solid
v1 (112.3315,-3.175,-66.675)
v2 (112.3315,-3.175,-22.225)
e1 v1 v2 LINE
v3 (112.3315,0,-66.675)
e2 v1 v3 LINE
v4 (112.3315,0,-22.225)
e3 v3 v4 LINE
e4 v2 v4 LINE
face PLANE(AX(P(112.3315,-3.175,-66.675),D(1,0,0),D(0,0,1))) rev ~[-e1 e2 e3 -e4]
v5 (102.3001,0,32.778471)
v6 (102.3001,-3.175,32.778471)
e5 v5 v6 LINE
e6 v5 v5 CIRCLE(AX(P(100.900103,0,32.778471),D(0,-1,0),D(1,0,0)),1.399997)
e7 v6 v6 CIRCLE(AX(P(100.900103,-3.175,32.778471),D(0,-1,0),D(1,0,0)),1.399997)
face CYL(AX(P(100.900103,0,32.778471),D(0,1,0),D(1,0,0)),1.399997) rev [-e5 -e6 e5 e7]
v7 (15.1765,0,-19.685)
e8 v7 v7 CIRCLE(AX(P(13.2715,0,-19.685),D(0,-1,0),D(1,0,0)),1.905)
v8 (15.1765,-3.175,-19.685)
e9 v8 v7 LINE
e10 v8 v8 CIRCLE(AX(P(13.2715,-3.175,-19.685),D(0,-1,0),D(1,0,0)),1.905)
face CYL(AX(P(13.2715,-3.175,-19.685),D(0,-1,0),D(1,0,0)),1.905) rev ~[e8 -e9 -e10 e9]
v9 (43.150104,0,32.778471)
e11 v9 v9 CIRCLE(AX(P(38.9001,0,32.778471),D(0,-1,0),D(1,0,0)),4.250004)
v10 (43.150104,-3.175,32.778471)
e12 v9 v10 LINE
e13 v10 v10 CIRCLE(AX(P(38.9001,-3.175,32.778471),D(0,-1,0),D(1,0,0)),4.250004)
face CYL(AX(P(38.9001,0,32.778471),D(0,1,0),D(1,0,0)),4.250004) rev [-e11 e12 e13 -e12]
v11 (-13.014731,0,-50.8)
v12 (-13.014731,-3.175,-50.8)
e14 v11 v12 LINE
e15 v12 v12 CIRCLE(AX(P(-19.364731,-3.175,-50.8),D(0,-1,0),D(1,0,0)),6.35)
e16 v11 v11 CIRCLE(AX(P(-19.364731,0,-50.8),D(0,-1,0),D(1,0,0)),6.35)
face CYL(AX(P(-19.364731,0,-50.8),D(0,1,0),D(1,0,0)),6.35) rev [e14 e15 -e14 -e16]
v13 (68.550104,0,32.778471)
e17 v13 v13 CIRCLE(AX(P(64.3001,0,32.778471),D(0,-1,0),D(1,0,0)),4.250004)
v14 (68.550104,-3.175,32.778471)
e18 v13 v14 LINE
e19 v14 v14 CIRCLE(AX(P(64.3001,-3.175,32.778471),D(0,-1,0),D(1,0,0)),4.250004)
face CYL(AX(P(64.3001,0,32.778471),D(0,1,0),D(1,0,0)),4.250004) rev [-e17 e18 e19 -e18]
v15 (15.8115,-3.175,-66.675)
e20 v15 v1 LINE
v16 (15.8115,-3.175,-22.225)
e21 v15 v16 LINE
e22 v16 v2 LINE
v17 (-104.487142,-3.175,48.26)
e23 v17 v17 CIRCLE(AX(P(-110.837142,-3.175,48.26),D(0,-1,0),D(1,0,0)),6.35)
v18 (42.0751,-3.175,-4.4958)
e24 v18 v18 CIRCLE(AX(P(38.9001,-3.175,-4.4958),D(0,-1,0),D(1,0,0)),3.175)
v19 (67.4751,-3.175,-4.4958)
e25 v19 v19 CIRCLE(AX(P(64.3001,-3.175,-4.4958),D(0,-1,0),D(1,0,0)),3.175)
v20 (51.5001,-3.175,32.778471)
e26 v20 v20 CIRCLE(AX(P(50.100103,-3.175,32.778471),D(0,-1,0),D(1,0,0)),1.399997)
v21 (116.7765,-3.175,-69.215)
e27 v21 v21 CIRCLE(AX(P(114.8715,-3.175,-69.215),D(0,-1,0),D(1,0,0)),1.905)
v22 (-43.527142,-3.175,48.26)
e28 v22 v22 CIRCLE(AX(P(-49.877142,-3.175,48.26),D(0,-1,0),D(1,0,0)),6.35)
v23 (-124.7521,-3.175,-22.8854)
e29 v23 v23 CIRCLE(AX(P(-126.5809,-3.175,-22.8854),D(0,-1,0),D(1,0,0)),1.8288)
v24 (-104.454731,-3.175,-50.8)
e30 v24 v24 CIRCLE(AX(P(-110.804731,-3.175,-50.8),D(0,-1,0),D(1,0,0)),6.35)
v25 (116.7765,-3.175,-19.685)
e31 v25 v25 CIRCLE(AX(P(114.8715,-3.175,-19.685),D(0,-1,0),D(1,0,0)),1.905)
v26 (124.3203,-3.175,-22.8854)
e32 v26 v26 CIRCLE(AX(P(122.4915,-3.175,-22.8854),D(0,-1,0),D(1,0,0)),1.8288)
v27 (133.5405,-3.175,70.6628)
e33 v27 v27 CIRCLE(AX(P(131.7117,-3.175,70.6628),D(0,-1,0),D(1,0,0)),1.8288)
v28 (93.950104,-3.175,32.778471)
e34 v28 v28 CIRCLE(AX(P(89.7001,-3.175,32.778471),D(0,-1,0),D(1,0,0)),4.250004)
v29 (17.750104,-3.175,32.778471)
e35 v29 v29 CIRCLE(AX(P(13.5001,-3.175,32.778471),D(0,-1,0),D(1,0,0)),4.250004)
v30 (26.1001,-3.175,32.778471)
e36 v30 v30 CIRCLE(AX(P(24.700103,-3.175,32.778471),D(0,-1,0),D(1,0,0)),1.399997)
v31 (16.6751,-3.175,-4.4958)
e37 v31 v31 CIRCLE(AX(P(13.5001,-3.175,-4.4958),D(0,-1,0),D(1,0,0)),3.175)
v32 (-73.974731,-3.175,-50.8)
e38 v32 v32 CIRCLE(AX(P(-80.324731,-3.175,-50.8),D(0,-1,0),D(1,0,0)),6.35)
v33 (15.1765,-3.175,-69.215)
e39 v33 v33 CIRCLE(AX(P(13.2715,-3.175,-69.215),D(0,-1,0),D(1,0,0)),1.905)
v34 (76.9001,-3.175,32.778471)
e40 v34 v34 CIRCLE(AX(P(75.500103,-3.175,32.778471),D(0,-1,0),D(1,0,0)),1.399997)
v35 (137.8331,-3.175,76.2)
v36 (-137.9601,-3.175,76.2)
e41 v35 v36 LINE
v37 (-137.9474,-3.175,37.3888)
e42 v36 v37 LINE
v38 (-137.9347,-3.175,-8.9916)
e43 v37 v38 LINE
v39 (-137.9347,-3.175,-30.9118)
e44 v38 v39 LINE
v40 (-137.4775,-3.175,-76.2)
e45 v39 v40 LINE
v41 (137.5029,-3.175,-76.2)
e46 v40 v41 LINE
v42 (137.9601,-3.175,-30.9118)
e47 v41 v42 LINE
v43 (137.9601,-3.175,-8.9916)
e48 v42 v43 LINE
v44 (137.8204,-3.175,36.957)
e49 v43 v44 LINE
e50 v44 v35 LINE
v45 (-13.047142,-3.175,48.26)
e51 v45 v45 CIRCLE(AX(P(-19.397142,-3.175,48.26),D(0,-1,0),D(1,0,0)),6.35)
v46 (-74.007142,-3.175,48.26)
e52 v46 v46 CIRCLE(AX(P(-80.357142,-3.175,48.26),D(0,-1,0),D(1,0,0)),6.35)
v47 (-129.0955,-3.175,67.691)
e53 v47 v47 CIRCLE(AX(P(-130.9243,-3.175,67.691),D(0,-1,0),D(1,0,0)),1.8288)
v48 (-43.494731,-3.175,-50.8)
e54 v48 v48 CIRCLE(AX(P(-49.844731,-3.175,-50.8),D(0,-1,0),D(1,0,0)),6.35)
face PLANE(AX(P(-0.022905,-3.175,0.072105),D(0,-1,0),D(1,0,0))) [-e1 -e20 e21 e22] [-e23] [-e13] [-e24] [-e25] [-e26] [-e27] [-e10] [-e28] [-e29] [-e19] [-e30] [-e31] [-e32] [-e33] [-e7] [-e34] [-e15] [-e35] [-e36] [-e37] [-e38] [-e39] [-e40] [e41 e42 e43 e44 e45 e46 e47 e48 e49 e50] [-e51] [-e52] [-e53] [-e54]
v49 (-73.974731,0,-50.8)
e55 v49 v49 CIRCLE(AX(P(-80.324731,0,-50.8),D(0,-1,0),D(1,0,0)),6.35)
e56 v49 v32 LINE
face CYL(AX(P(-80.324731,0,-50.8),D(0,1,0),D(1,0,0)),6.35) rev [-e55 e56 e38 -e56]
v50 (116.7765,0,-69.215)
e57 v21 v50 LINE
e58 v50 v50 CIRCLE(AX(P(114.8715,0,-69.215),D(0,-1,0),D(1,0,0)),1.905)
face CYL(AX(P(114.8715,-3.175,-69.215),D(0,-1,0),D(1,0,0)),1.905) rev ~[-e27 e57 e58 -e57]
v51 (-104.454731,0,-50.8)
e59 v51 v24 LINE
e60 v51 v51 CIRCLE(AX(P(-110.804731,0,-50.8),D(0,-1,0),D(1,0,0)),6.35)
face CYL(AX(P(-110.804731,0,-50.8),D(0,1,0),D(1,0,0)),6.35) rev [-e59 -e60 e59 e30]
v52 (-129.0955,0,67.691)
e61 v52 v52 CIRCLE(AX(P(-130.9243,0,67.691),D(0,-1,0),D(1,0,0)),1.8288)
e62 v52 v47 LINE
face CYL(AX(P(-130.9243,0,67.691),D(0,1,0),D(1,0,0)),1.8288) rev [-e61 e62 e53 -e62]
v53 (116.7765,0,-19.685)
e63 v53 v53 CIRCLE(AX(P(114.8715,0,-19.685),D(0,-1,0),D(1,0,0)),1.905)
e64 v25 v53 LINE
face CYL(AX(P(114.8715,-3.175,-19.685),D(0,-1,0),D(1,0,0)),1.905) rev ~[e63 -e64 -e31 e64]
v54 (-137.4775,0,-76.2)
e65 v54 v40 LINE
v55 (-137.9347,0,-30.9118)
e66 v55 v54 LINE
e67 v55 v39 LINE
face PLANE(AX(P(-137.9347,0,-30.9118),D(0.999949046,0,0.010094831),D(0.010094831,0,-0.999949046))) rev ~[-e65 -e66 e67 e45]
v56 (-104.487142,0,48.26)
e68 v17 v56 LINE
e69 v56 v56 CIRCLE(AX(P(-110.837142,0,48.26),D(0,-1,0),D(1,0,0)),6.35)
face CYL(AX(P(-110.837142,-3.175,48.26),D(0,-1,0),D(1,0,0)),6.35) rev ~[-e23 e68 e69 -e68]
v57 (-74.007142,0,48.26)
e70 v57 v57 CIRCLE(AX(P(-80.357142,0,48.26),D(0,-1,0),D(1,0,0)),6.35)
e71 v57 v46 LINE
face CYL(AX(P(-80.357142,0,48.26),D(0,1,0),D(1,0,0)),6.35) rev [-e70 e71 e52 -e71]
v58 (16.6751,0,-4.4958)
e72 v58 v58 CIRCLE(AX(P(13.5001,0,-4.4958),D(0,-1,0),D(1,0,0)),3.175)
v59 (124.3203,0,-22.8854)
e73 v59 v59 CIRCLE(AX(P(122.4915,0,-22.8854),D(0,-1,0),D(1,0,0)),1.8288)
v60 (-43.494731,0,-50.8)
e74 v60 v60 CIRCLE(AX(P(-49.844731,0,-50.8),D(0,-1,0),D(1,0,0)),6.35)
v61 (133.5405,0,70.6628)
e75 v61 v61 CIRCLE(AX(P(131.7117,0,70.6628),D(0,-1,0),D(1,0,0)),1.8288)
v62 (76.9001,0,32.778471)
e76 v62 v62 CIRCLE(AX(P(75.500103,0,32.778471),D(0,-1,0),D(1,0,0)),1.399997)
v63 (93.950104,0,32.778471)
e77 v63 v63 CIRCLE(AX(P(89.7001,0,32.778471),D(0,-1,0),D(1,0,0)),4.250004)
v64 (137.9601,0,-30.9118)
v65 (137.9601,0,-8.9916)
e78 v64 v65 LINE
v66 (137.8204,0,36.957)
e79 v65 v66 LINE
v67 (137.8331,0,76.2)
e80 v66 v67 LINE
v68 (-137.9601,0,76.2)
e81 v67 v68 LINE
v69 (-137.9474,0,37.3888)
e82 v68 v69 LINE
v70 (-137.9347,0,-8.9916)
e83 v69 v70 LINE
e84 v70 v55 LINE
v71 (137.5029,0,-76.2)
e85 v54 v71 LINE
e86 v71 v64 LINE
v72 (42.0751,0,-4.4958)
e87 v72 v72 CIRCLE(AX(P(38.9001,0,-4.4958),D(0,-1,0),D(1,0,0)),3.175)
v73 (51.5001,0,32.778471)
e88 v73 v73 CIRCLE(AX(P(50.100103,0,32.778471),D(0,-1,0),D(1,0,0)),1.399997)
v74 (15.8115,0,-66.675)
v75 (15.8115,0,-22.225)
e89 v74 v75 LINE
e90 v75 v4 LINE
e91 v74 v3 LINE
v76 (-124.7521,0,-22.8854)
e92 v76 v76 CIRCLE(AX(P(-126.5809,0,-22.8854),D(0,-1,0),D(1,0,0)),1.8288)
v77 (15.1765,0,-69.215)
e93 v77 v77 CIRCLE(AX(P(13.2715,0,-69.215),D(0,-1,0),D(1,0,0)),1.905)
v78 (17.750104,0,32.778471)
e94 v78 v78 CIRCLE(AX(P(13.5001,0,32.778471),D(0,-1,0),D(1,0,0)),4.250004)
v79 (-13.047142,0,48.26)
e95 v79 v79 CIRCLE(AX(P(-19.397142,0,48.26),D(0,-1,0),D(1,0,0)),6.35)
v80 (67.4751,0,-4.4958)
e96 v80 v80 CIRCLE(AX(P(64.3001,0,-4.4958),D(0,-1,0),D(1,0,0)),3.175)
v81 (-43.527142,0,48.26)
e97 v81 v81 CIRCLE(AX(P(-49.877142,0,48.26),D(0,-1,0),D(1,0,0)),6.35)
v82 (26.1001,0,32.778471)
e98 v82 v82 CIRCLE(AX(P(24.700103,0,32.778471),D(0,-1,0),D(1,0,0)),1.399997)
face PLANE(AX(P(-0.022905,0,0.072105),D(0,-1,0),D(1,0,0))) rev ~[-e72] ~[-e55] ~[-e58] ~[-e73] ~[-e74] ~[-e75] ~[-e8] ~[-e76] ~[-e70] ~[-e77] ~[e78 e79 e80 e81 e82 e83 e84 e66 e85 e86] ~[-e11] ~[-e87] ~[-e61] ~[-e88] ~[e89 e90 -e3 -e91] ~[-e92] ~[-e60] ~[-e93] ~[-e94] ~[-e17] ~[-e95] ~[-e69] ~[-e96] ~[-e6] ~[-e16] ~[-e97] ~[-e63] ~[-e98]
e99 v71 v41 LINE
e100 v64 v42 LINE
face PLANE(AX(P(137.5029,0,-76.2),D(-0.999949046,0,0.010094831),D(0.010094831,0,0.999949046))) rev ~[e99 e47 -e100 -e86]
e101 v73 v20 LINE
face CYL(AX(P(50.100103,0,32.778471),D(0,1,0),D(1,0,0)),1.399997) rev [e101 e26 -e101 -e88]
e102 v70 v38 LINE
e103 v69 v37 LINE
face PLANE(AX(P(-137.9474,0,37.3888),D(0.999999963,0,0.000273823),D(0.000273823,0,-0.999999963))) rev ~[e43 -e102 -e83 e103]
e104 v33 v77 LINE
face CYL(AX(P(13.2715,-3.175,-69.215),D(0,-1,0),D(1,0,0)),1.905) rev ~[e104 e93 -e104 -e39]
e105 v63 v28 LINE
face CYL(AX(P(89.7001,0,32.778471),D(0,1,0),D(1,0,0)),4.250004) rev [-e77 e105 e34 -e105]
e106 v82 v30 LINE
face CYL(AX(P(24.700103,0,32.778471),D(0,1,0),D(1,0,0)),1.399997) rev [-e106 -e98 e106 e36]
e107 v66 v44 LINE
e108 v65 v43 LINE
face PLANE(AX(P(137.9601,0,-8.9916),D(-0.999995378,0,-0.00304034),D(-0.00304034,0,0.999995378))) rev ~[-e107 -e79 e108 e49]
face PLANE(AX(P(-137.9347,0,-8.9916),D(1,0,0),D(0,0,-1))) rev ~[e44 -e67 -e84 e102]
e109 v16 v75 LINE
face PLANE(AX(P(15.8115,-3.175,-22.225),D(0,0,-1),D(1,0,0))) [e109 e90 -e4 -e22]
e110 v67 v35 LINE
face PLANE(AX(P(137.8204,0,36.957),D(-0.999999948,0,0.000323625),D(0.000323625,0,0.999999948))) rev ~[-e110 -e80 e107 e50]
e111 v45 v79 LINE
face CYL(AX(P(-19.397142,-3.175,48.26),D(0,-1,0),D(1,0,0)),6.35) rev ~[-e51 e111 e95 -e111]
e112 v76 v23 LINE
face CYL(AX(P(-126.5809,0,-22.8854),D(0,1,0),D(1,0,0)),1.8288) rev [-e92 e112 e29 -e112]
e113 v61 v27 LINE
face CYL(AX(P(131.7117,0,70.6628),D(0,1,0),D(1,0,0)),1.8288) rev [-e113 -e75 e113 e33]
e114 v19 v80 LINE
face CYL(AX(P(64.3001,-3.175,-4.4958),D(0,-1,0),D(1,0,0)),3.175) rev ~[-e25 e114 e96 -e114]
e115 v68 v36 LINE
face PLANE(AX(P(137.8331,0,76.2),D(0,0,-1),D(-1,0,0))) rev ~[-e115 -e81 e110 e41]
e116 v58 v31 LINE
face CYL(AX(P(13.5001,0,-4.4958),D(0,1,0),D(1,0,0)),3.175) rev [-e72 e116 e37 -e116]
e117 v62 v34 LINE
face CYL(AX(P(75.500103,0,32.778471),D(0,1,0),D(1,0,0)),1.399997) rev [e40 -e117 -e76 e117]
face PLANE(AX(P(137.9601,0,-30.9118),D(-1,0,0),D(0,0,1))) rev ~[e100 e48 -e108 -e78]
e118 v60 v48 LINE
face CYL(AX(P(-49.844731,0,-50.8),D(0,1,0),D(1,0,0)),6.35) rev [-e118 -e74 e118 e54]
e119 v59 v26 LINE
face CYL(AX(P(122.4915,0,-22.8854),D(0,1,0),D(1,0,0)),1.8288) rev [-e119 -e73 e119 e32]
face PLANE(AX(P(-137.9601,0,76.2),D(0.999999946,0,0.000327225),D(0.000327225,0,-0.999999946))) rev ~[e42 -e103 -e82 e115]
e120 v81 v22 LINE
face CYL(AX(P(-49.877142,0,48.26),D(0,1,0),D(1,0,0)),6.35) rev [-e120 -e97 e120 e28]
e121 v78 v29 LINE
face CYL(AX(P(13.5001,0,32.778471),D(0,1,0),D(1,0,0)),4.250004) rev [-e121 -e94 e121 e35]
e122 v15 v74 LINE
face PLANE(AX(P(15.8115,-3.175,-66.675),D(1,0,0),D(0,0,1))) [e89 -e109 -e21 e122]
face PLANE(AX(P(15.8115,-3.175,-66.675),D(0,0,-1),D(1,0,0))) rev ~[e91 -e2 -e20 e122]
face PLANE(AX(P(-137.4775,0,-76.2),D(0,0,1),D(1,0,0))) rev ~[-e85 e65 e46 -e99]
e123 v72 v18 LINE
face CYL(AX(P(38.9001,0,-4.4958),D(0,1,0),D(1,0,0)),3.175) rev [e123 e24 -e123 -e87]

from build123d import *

# Parameters (mm, degrees)
F0_R     = 6.35
F0_R_2   = 1.8288
F0_R_3   = 3.175
F0_R_4   = 4.250004
F0_R_5   = 1.399997
F1_DEPTH = 3.175
F2_R     = 6.35
F2_R_2   = 3.175
F2_W     = 96.52
F2_H     = 44.45
F2_R_3   = 1.905
F3_DEPTH = 25.4


with BuildPart() as f1:
    # F0 (on Front) → F1 (new body)
    with BuildSketch(Plane.XZ):
        Polygon((137.8331, 76.2), (-137.9601, 76.2), (-137.9474, 37.3888), (-137.9347, -8.9916), (-137.9347, -30.9118), (-137.4775, -76.2), (137.5029, -76.2), (137.9601, -30.9118), (137.9601, -8.9916), (137.8204, 36.957), align=None)
        with Locations((-110.804731, -50.8)):
            Circle(F0_R, mode=Mode.SUBTRACT)
        with Locations((-80.324731, -50.8)):
            Circle(F0_R, mode=Mode.SUBTRACT)
        with Locations((-49.844731, -50.8)):
            Circle(F0_R, mode=Mode.SUBTRACT)
        with Locations((-19.364731, -50.8)):
            Circle(F0_R, mode=Mode.SUBTRACT)
        with Locations((-126.5809, -22.8854)):
            Circle(F0_R_2, mode=Mode.SUBTRACT)
        with Locations((13.5001, -4.4958)):
            Circle(F0_R_3, mode=Mode.SUBTRACT)
        with Locations((38.9001, -4.4958)):
            Circle(F0_R_3, mode=Mode.SUBTRACT)
        with Locations((122.4915, -22.8854)):
            Circle(F0_R_2, mode=Mode.SUBTRACT)
        with Locations((-80.357142, 48.26)):
            Circle(F0_R, mode=Mode.SUBTRACT)
        with Locations((-130.9243, 67.691)):
            Circle(F0_R_2, mode=Mode.SUBTRACT)
        with Locations((-49.877142, 48.26)):
            Circle(F0_R, mode=Mode.SUBTRACT)
        with Locations((13.5001, 32.778471)):
            Circle(F0_R_4, mode=Mode.SUBTRACT)
        with Locations((24.700103, 32.778471)):
            Circle(F0_R_5, mode=Mode.SUBTRACT)
        with Locations((38.9001, 32.778471)):
            Circle(F0_R_4, mode=Mode.SUBTRACT)
        with Locations((50.100103, 32.778471)):
            Circle(F0_R_5, mode=Mode.SUBTRACT)
        with Locations((64.3001, 32.778471)):
            Circle(F0_R_4, mode=Mode.SUBTRACT)
        with Locations((75.500103, 32.778471)):
            Circle(F0_R_5, mode=Mode.SUBTRACT)
        with Locations((89.7001, 32.778471)):
            Circle(F0_R_4, mode=Mode.SUBTRACT)
        with Locations((100.900103, 32.778471)):
            Circle(F0_R_5, mode=Mode.SUBTRACT)
        with Locations((131.7117, 70.6628)):
            Circle(F0_R_2, mode=Mode.SUBTRACT)
    extrude(amount=F1_DEPTH)

    # F2 (on face) → F3 (cut)
    with BuildSketch(Plane.XZ.offset(3.175)):
        with Locations((-110.837142, 48.26)):
            Circle(F2_R)
        with Locations((-19.397142, 48.26)):
            Circle(F2_R)
        with Locations((64.3001, -4.4958)):
            Circle(F2_R_2)
        with Locations((64.0715, -44.45)):
            Rectangle(F2_W, F2_H)
        with Locations((13.2715, -69.215)):
            Circle(F2_R_3)
        with Locations((13.2715, -19.685)):
            Circle(F2_R_3)
        with Locations((114.8715, -69.215)):
            Circle(F2_R_3)
        with Locations((114.8715, -19.685)):
            Circle(F2_R_3)
    extrude(amount=-F3_DEPTH, mode=Mode.SUBTRACT)


solid = f1.part
